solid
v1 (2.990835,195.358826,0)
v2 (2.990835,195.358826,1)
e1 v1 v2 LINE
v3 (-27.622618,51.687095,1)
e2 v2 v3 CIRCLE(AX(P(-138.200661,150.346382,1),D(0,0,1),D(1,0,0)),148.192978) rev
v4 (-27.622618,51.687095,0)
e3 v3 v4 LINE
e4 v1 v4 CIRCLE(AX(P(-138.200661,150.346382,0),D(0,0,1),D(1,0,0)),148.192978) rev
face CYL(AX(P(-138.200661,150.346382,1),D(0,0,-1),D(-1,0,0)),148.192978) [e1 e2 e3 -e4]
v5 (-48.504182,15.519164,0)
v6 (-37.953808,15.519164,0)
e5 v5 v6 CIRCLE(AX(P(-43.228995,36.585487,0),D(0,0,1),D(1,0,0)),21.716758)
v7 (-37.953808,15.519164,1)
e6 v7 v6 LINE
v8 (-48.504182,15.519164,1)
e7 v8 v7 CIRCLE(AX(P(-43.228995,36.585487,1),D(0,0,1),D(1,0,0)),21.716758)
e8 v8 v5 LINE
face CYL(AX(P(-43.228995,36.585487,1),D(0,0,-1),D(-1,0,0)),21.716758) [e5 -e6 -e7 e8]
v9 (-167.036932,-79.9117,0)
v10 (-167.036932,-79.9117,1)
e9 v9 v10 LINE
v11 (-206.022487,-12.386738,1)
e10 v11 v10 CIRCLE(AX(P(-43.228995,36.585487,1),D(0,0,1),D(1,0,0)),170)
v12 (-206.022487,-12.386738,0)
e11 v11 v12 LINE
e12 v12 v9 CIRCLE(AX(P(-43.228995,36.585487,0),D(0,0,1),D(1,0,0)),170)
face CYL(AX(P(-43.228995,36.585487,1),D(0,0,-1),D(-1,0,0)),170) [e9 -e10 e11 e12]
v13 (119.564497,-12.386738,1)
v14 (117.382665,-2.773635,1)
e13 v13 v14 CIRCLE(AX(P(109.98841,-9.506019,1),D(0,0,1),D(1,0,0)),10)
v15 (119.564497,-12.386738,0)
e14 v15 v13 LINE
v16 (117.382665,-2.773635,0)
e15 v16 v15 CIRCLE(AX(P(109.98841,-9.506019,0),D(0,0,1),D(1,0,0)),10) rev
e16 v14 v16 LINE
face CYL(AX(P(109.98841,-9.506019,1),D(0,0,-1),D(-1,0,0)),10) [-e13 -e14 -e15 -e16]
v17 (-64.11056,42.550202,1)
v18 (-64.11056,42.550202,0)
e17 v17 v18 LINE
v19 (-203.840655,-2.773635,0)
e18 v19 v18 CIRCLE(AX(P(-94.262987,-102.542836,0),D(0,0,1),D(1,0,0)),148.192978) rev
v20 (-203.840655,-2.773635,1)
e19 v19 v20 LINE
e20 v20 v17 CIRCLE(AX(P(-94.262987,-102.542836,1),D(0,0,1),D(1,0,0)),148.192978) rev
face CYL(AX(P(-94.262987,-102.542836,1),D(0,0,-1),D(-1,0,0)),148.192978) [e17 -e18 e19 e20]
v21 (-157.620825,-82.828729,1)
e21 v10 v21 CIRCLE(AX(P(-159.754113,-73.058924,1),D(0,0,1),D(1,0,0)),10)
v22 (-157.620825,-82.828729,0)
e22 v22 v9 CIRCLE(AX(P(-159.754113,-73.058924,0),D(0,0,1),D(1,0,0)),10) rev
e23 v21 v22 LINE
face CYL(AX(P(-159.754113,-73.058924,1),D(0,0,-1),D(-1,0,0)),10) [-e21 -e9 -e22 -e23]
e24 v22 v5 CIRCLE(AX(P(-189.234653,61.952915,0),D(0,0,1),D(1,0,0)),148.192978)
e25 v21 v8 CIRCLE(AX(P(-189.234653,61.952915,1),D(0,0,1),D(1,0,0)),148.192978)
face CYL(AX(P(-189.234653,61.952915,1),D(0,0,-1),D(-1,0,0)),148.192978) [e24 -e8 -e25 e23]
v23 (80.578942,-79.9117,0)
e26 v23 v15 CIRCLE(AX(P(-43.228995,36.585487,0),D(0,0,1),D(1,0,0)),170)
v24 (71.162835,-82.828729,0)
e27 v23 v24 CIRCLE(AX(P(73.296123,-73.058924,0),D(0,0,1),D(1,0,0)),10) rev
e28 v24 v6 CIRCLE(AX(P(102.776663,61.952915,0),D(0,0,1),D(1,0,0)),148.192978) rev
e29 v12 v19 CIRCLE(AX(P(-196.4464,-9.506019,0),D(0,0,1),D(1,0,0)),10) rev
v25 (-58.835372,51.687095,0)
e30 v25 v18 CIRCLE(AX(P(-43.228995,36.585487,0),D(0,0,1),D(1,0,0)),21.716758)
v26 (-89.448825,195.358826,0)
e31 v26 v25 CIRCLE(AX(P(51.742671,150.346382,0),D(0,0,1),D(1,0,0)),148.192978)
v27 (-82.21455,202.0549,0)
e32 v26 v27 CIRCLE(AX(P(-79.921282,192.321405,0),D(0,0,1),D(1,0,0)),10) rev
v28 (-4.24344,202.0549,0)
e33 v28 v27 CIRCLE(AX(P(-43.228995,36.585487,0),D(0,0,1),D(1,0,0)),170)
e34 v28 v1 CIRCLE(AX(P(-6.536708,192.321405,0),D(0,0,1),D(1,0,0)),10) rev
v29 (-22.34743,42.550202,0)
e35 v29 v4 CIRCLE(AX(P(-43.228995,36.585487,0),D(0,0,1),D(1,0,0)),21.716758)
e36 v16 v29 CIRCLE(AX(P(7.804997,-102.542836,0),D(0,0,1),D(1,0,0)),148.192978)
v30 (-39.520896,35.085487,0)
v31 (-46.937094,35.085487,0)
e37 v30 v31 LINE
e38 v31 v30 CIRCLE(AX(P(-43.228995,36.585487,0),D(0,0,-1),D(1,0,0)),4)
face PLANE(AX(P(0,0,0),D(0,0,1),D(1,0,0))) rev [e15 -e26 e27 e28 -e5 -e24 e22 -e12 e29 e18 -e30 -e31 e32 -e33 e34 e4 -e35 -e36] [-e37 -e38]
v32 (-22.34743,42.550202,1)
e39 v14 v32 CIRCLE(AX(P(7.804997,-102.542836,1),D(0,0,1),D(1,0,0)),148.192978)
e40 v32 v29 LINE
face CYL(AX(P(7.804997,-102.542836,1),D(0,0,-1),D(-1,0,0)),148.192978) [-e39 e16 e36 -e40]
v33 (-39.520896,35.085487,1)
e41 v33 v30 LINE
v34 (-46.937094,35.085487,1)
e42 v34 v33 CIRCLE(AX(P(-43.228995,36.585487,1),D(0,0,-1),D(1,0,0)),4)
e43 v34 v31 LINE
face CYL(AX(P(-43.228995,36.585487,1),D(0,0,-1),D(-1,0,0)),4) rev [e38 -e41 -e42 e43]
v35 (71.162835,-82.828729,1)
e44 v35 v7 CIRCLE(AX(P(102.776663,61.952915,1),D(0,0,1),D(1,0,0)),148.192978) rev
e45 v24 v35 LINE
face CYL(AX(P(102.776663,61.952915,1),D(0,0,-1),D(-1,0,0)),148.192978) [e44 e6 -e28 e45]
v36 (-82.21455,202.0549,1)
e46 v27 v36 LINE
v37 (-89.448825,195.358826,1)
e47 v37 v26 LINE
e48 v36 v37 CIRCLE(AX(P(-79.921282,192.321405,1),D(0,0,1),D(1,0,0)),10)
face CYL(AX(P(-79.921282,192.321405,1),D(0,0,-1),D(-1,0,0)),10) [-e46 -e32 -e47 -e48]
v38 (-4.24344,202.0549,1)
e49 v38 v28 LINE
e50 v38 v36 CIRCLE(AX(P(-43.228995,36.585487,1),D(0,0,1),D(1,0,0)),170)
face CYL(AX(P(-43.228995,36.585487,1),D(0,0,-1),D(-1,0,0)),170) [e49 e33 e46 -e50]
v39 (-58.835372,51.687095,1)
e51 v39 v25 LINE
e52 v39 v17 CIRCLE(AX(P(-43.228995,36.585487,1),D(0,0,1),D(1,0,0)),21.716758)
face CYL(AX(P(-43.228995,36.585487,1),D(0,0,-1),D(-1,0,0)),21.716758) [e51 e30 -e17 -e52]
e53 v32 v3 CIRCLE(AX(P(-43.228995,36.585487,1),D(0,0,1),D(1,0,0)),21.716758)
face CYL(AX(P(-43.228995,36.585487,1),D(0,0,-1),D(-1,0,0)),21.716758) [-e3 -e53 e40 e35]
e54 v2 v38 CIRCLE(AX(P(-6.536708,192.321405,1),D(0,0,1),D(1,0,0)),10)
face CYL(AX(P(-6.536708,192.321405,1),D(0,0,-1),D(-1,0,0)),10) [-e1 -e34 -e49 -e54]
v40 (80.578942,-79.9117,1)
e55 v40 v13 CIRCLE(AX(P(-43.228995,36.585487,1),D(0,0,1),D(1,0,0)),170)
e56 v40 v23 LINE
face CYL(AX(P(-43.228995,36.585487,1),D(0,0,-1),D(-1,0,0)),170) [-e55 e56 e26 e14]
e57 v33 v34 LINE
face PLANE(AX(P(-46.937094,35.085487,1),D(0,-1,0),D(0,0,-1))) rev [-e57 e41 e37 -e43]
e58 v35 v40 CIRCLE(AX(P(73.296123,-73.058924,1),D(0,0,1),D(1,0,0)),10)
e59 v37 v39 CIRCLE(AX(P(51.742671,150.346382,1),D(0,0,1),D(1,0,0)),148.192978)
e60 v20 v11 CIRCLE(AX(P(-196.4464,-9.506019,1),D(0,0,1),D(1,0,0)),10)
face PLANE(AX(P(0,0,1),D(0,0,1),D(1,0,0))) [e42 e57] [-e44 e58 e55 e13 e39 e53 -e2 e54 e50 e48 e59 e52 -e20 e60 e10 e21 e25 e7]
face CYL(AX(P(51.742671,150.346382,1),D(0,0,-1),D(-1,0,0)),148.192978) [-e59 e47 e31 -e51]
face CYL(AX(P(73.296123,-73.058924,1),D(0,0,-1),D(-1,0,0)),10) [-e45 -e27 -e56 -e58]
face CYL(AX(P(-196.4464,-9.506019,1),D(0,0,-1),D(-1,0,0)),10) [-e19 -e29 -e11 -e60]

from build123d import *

# Parameters (mm, degrees)
ESQUISSE2_R             = 21.716757685
BOSS_EXTRU_1_DEPTH      = 1
ENL_V_MAT_EXTRU_2_DEPTH = 293.837814183
CONG_2_R                = 10


with BuildPart() as part:
    # Esquisse2 → Boss.-Extru.1 (new body)
    with BuildSketch(Plane.XY):
        with Locations((-43.22899501, 36.585487108)):
            Circle(ESQUISSE2_R)
        with BuildLine():
            ThreePointArc((-207.546192285, -7.001881243), (-132.259115873, 40.696309579), (-43.22899501, 36.585487108))
            ThreePointArc((-43.22899501, 36.585487108), (-84.183978752, -42.572270496), (-163.135361924, -83.923695834))
            ThreePointArc((-163.135361924, -83.923695834), (-190.453313653, -48.414512892), (-207.546192285, -7.001881243))
        make_face()
        with BuildLine():
            ThreePointArc((76.677371904, -83.923695834), (-2.274011269, -42.572270496), (-43.22899501, 36.585487108))
            ThreePointArc((-43.22899501, 36.585487108), (45.801125853, 40.696309579), (121.088202265, -7.001881243))
            ThreePointArc((121.088202265, -7.001881243), (103.995323633, -48.414512892), (76.677371904, -83.923695834))
        make_face()
        with BuildLine():
            Line((-43.22899501, 206.585487108), (-43.22899501, 58.302244794))
            ThreePointArc((-43.22899501, 58.302244794), (-34.753748483, 56.580180421), (-27.622617897, 51.687094896))
            ThreePointArc((-27.622617897, 51.687094896), (7.298277527, 122.217794206), (1.181835351, 200.682038403))
            ThreePointArc((1.181835351, 200.682038403), (-20.82825529, 205.103162324), (-43.22899501, 206.585487108))
        make_face()
        with BuildLine():
            ThreePointArc((-58.835372123, 51.687094896), (-51.704241537, 56.580180421), (-43.22899501, 58.302244794))
            Line((-43.22899501, 58.302244794), (-43.22899501, 206.585487108))
            ThreePointArc((-43.22899501, 206.585487108), (-65.62973473, 205.103162324), (-87.639825371, 200.682038403))
            ThreePointArc((-87.639825371, 200.682038403), (-93.756267547, 122.217794206), (-58.835372123, 51.687094896))
        make_face()
        with BuildLine():
            ThreePointArc((-48.504182436, 15.519164174), (-45.480177087, 25.955564863), (-43.22899501, 36.585487108))
            ThreePointArc((-43.22899501, 36.585487108), (-53.560368754, 39.950867364), (-64.110559549, 42.550202255))
            ThreePointArc((-64.110559549, 42.550202255), (-62.036258854, 25.727108266), (-48.504182436, 15.519164174))
        make_face()
        with BuildLine():
            ThreePointArc((-22.347430471, 42.550202255), (-32.897621267, 39.950867364), (-43.22899501, 36.585487108))
            ThreePointArc((-43.22899501, 36.585487108), (-40.977812933, 25.955564863), (-37.953807584, 15.519164174))
            ThreePointArc((-37.953807584, 15.519164174), (-26.109159563, 23.224020174), (-21.512237325, 36.585487108))
            ThreePointArc((-21.512237325, 36.585487108), (-21.722049137, 39.596939182), (-22.347430471, 42.550202255))
        make_face()
        with BuildLine():
            ThreePointArc((-37.953807584, 15.519164174), (-40.977812933, 25.955564863), (-43.22899501, 36.585487108))
            ThreePointArc((-43.22899501, 36.585487108), (-45.480177087, 25.955564863), (-48.504182436, 15.519164174))
            ThreePointArc((-48.504182436, 15.519164174), (-43.22899501, 14.868729423), (-37.953807584, 15.519164174))
        make_face()
        with BuildLine():
            ThreePointArc((-64.110559549, 42.550202255), (-53.560368754, 39.950867364), (-43.22899501, 36.585487108))
            ThreePointArc((-43.22899501, 36.585487108), (-51.309186676, 43.850029099), (-58.835372123, 51.687094896))
            ThreePointArc((-58.835372123, 51.687094896), (-62.036258854, 47.443865951), (-64.110559549, 42.550202255))
        make_face()
        with BuildLine():
            ThreePointArc((-58.835372123, 51.687094896), (-51.309186676, 43.850029099), (-43.22899501, 36.585487108))
            Line((-43.22899501, 36.585487108), (-43.22899501, 58.302244794))
            ThreePointArc((-43.22899501, 58.302244794), (-51.704241537, 56.580180421), (-58.835372123, 51.687094896))
        make_face()
        with BuildLine():
            Line((-43.22899501, 58.302244794), (-43.22899501, 36.585487108))
            ThreePointArc((-43.22899501, 36.585487108), (-35.148803344, 43.850029099), (-27.622617897, 51.687094896))
            ThreePointArc((-27.622617897, 51.687094896), (-34.753748483, 56.580180421), (-43.22899501, 58.302244794))
        make_face()
        with BuildLine():
            ThreePointArc((-27.622617897, 51.687094896), (-35.148803344, 43.850029099), (-43.22899501, 36.585487108))
            ThreePointArc((-43.22899501, 36.585487108), (-32.897621267, 39.950867364), (-22.347430471, 42.550202255))
            ThreePointArc((-22.347430471, 42.550202255), (-24.421731167, 47.443865951), (-27.622617897, 51.687094896))
        make_face()
    extrude(amount=BOSS_EXTRU_1_DEPTH)

    # Esquisse4 → Enlèv. mat.-Extru.2 (cut, through all)
    with BuildSketch(Plane(origin=(0, 0, 0), x_dir=(-1, 0, 0), z_dir=(0, 0, -1))):
        with BuildLine():
            Line((46.937094254, 35.085487108), (39.520895767, 35.085487108))
            ThreePointArc((39.520895767, 35.085487108), (43.22899501, 40.585487108), (46.937094254, 35.085487108))
        make_face()
    extrude(amount=-ENL_V_MAT_EXTRU_2_DEPTH, mode=Mode.SUBTRACT)

    # Congé2
    cong_2_edges = [part.edges().sort_by_distance(p)[0] for p in [
        (-87.639825371, 200.682038403, 0.5),
        (1.181835351, 200.682038403, 0.5),
        (121.088202265, -7.001881243, 0.5),
        (76.677371904, -83.923695834, 0.5),
        (-163.135361924, -83.923695834, 0.5),
        (-207.546192285, -7.001881243, 0.5),
    ]]
    fillet(cong_2_edges, radius=CONG_2_R)


solid = part.part
